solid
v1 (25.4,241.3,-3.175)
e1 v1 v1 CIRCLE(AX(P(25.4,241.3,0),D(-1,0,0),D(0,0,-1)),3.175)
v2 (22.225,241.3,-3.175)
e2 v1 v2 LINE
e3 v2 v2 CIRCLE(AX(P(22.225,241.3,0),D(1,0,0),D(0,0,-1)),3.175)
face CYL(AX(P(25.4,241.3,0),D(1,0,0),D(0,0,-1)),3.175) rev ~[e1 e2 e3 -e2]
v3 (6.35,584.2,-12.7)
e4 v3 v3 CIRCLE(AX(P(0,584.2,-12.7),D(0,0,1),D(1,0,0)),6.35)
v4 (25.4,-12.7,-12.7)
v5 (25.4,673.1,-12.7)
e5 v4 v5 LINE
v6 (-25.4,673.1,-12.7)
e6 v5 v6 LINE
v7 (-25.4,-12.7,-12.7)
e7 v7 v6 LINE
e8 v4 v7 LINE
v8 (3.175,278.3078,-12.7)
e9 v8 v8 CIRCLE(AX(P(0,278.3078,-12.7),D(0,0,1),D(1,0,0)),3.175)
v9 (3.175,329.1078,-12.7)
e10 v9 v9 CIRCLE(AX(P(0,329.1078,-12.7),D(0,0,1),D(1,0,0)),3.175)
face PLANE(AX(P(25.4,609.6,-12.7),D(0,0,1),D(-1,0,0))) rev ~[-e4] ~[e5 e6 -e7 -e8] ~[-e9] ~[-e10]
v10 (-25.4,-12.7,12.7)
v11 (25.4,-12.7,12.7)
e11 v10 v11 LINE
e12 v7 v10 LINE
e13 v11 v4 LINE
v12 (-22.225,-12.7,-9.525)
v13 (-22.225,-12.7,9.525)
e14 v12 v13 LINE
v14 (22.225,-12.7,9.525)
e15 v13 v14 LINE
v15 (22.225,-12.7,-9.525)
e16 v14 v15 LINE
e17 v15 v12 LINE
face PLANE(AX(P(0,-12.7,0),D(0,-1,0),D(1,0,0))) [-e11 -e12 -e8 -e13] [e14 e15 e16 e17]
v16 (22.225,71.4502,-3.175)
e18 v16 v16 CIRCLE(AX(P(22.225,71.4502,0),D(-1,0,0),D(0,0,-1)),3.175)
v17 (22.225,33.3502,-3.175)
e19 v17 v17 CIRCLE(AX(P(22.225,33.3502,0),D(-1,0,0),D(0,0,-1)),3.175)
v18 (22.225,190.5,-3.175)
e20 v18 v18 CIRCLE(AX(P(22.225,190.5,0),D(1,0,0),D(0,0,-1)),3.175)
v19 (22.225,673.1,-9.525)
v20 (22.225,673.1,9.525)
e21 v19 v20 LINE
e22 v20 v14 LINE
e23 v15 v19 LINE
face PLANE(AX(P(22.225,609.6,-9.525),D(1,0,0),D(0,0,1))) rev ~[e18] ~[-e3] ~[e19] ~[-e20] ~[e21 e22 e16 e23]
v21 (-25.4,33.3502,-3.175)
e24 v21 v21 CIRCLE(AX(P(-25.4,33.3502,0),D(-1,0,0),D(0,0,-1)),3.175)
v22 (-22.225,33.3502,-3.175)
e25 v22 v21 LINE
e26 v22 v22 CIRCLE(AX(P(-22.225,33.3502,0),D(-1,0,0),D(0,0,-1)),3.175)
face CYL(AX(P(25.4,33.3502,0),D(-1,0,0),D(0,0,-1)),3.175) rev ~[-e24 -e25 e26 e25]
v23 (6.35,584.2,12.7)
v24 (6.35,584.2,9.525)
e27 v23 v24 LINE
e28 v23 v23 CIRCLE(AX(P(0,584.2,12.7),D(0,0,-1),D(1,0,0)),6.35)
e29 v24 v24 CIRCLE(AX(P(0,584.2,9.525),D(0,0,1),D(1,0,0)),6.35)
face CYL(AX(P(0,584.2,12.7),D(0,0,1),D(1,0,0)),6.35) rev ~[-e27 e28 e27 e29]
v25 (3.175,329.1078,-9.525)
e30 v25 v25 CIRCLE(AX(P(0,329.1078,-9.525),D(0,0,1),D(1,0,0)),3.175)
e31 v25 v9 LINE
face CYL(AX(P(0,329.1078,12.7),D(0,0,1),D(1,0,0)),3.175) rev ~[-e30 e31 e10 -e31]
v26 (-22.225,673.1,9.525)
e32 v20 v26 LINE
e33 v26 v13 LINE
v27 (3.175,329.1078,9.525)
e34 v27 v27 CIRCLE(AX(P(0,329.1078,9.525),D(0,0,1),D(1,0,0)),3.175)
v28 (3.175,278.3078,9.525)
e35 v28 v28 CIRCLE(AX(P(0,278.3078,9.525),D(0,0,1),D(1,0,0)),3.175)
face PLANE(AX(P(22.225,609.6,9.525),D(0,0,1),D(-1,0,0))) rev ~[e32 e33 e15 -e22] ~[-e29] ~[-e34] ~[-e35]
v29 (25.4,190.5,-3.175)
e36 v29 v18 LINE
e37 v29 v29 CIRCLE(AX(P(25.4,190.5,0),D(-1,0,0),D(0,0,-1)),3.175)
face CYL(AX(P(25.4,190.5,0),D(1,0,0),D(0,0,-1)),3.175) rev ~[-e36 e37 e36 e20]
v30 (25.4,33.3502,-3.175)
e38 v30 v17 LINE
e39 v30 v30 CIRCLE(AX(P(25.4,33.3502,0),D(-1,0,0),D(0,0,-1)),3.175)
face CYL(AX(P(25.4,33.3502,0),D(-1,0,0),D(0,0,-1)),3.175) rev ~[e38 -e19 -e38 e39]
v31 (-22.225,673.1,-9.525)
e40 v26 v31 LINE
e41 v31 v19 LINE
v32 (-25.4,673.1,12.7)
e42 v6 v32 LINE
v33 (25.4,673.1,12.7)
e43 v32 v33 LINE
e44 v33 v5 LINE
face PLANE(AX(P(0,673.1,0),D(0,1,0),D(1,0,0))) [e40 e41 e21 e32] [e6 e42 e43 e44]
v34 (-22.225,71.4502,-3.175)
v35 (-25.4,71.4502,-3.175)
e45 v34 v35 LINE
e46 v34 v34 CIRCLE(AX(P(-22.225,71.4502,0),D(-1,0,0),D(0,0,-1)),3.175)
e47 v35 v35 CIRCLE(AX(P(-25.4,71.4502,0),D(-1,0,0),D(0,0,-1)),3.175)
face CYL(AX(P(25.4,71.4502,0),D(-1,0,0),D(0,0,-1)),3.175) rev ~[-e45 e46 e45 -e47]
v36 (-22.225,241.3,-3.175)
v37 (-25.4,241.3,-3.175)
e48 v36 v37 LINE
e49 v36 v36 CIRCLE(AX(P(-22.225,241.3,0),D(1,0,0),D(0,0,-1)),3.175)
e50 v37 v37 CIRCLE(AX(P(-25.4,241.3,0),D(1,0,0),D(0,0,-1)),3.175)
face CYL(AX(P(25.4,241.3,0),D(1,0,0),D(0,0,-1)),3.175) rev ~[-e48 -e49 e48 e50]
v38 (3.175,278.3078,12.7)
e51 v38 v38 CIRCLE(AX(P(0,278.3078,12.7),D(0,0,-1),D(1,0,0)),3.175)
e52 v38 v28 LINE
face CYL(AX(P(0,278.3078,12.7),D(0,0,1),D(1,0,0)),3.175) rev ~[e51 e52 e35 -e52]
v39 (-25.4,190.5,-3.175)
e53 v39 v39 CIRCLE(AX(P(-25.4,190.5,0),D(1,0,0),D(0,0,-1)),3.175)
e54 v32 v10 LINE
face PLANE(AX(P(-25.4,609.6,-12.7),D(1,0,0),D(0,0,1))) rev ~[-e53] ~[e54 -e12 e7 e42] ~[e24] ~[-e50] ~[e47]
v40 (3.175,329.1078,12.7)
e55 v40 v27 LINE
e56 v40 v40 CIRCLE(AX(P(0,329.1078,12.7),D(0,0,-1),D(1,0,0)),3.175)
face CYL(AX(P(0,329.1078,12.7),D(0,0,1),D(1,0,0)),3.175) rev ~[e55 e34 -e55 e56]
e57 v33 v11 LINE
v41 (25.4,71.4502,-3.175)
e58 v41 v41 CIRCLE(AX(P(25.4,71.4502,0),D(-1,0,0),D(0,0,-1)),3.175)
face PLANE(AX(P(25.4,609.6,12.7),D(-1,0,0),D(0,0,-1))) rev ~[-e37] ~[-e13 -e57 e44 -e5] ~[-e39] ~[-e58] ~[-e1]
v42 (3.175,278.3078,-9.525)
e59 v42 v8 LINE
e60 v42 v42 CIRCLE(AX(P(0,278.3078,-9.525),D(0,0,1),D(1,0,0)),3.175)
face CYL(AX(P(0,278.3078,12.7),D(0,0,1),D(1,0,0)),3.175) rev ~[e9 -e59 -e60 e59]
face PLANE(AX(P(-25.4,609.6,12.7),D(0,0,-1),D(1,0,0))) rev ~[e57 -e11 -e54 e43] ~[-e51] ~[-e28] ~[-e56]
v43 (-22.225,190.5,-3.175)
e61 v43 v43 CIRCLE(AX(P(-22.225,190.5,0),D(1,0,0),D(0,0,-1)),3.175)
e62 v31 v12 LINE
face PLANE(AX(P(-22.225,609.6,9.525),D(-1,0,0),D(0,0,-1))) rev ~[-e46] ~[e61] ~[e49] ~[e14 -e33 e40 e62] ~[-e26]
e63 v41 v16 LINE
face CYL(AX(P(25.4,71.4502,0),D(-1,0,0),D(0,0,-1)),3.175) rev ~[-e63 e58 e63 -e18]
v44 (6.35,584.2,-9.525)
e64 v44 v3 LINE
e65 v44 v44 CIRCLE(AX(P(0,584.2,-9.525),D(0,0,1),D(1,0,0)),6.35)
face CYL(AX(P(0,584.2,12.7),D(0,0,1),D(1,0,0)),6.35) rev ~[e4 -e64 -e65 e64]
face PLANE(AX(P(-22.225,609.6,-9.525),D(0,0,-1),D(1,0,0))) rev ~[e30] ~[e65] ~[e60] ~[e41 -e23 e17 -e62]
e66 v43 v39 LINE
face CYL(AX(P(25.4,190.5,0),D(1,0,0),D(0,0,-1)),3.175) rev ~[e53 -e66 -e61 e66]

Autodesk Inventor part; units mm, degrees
ref_plane "YZ Plane" through (0, 0, 0) normal (1, 0, 0) x (0, 1, 0)
ref_plane "XZ Plane" through (0, 0, 0) normal (0, 1, 0) x (-1, 0, 0)
ref_plane "XY Plane" through (0, 0, 0) normal (0, 0, 1) x (1, 0, 0)
sketch "Sketch1" plane through (0, 0, 0) normal (0, 1, 0) x (-1, 0, 0)
  line L0 (-25.4, -12.7) -> (25.4, -12.7)
  line L1 (25.4, -12.7) -> (25.4, 12.7)
  line L2 (25.4, 12.7) -> (-25.4, 12.7)
  line L3 (-25.4, 12.7) -> (-25.4, -12.7)
  line L4 (-25.4, -12.7) -> (25.4, 12.7) construction
  line L5 (25.4, -12.7) -> (-25.4, 12.7) construction
  line L6 (22.225, -9.525) -> (-22.225, -9.525)
  line L7 (-22.225, -9.525) -> (-22.225, 9.525)
  line L8 (-22.225, 9.525) -> (22.225, 9.525)
  line L9 (22.225, 9.525) -> (22.225, -9.525)
  line L10 (22.225, -9.525) -> (-22.225, 9.525) construction
  line L11 (-22.225, -9.525) -> (22.225, 9.525) construction
  point P0 (0, 0)
  dimension "d0" = 50.8
  dimension "d1" = 25.4
  dimension "d2" = 44.45
  dimension "d3" = 19.05
extrude "Extrusion1" add sketch "Sketch1" along normal blind 609.6
sketch "Sketch2" plane through (-25.4, 0, 12.7) normal (0, 0, 1) x (1, 0, 0)
  line L0 (0, 609.6) -> (25.4, 609.6)
  line L1 (25.4, 609.6) -> (25.4, 584.2)
  line L2 (25.4, 584.2) -> (0, 584.2)
  line L3 (0, 584.2) -> (0, 609.6)
  circle A0 centre (25.4, 584.2) radius 6.35
  point P0 (25.4, 0)
  dimension "d6" = 25.4
  dimension "d7" = 25.4
  dimension "d8" = 12.7
extrude "Extrusion2" cut sketch "Sketch2" against normal blind 609.6 contours A0 L2 L1 | L1 L2 A0
sketch "Sketch4" plane through (0, 0, 0) normal (0, -1, 0) x (1, 0, 0)
  line L0 (22.225, 9.525) -> (22.225, -9.525) projected
  line L1 (22.225, -9.525) -> (-22.225, -9.525) projected
  line L2 (-22.225, -9.525) -> (-22.225, 9.525) projected
  line L3 (-22.225, 9.525) -> (22.225, 9.525) projected
  line L4 (25.4, -12.7) -> (-25.4, -12.7) projected
  line L5 (25.4, 12.7) -> (25.4, -12.7) projected
  line L6 (-25.4, 12.7) -> (25.4, 12.7) projected
  line L7 (-25.4, -12.7) -> (-25.4, 12.7) projected
  point P0 (0, 0)
extrude "Extrusion4" add sketch "Sketch4" along normal blind 12.7
sketch "Sketch6" plane through (0, 609.6, 0) normal (0, 1, 0) x (1, 0, 0)
  line L0 (22.225, 9.525) -> (22.225, -9.525) projected
  line L1 (22.225, -9.525) -> (-22.225, -9.525) projected
  line L2 (-22.225, -9.525) -> (-22.225, 9.525) projected
  line L3 (-22.225, 9.525) -> (22.225, 9.525) projected
  line L4 (25.4, 12.7) -> (-25.4, 12.7) projected
  line L5 (-25.4, 12.7) -> (-25.4, -12.7) projected
  line L6 (-25.4, -12.7) -> (25.4, -12.7) projected
  line L7 (25.4, -12.7) -> (25.4, 12.7) projected
  point P0 (0, 0)
extrude "Extrusion6" add sketch "Sketch6" along normal blind 63.5
sketch "Sketch8" plane through (-25.4, -12.7, 12.7) normal (0, 0, 1) x (1, 0, 0)
  line L0 (50.8, 0) -> (50.8, 685.8) projected
  line L1 (0, 685.8) -> (50.8, 685.8) projected
  line L2 (25.4, 685.8) -> (25.4, 341.8078)
  line L3 (25.4, 685.8) -> (369.3922, 685.8) construction
  line L4 (25.4, 341.8078) -> (25.4, 291.0078)
  circle A0 centre (25.4, 291.0078) radius 3.175
  circle A1 centre (25.4, 341.8078) radius 3.175
  point P0 (25.4, 12.7)
  dimension "d49" = 343.9922
  dimension "d50" = 90
  dimension "d51" = 50.8
  dimension "d52" = 180
  dimension "d53" = 6.35
  dimension "d54" = 6.35
extrude "Extrusion9" cut sketch "Sketch8" against normal blind 50.8
sketch "Sketch9" plane through (25.4, -12.7, 12.7) normal (1, 0, 0) x (0, 0, -1)
  line L0 (25.4, 0) -> (0, 0) projected
  line L1 (12.7, 0) -> (12.7, 84.1502)
  line L2 (12.7, 84.1502) -> (12.7, 46.0502)
  line L3 (12.7, 84.1502) -> (50.8, 84.1502) construction
  point P0 (12.7, 12.7)
  dimension "d57" = 84.1502
  dimension "d58" = 38.1
  dimension "d59" = 90
hole "Hole1" at (25.4, 71.4502, 0) at (25.4, 33.3502, 0) direction (-1, 0, 0) diameter 6.35 end through all
sketch "Sketch10" plane through (-25.4, -12.7, 12.7) normal (0, 0, 1) x (1, 0, 0)
  circle A0 centre (25.4, 341.8078) radius 3.175 projected
  circle A1 centre (25.4, 596.9) radius 6.35 projected
  line L0 (50.8, 0) -> (50.8, 685.8) projected
  line L1 (0, 0) -> (0, 685.8) projected
  line L2 (50.8, 0) -> (0, 0) projected
  line L3 (25.4, 341.8078) -> (25.4, 354.5078)
  line L4 (25.4, 341.8078) -> (38.1, 341.8078) construction
  line L5 (25.4, 354.5078) -> (50.8, 354.5078)
  line L6 (25.4, 354.5078) -> (0, 354.5078)
  line L7 (25.4, 596.9) -> (25.4, 501.65)
  line L8 (25.4, 501.65) -> (50.8, 501.65)
  line L9 (50.8, 501.65) -> (0, 501.65)
  line L10 (50.8, 501.65) -> (0, 501.65)
  line L11 (0, 501.65) -> (0, 354.5078)
  line L12 (0, 354.5078) -> (50.8, 354.5078)
  line L13 (50.8, 354.5078) -> (50.8, 501.65)
  line L14 (50.8, 501.65) -> (44.45, 501.65)
  line L15 (50.8, 495.3) -> (50.8, 501.65)
  line L16 (28.575, 545.0078) -> (28.575, 506.9078)
  line L17 (28.575, 506.9078) -> (22.225, 506.9078)
  line L18 (22.225, 545.0078) -> (15.875, 534.0093)
  line L19 (44.45, 488.95) -> (57.15, 488.95) construction
  line L20 (15.875, 534.0093) -> (22.225, 534.0093)
  line L21 (44.45, 476.25) -> (38.1, 476.25)
  line L22 (38.1, 494.2078) -> (38.1, 500.5578)
  line L23 (12.7, 500.5578) -> (12.7, 478.3328)
  line L24 (22.225, 476.25) -> (22.225, 469.9)
  line L25 (44.45, 469.9) -> (44.45, 476.25)
  line L26 (12.7, 476.25) -> (6.35, 476.25)
  line L27 (22.225, 476.25) -> (22.225, 469.9)
  line L28 (12.7, 462.4578) -> (12.7, 468.8078)
  line L29 (6.35, 469.9) -> (6.35, 476.25)
  line L30 (22.225, 476.25) -> (28.575, 476.25)
  line L31 (28.575, 456.1078) -> (22.225, 456.1078)
  arc A2 (38.1, 473.5703) -> (26.9875, 484.6828) centre (26.8738, 473.4566) ccw
  line L32 (17.4625, 450.85) -> (33.1779, 450.85) construction
  arc A3 (26.9875, 462.4578) -> (38.1, 473.5703) centre (26.8738, 473.684) ccw
  arc A4 (26.9875, 468.8078) -> (26.9875, 478.3328) centre (26.9875, 473.5703) ccw
  line L33 (6.35, 476.25) -> (12.7, 476.25)
  line L34 (28.575, 456.1078) -> (28.575, 418.0078)
  line L35 (28.575, 418.0078) -> (22.225, 418.0078)
  line L36 (22.225, 456.1078) -> (15.875, 445.1093)
  line L37 (44.45, 438.15) -> (57.15, 438.15) construction
  line L38 (15.875, 445.1093) -> (22.225, 445.1093)
  line L39 (44.45, 431.8) -> (6.35, 431.8)
  line L40 (44.45, 392.6078) -> (31.75, 405.3078) construction
  line L41 (44.45, 412.75) -> (62.4105, 412.75) construction
  line L42 (44.45, 392.6078) -> (31.75, 379.9078) construction
  line L43 (44.45, 412.75) -> (62.4105, 412.75) construction
  line L44 (-3.7211, 402.6789) -> (19.05, 379.9078) construction
  line L45 (-3.7211, 402.6789) -> (28.4821, 402.6789) construction
  line L46 (-3.7211, 402.6789) -> (8.9789, 415.3789) construction
  line L47 (-3.7211, 402.6789) -> (14.2394, 402.6789) construction
  line L48 (25.4, 405.3078) -> (31.75, 405.3078) construction
  line L49 (19.05, 386.2578) -> (19.05, 398.9578)
  line L50 (31.75, 398.9578) -> (31.75, 386.2578)
  line L51 (19.05, 398.9578) -> (31.75, 386.2578) construction
  line L52 (31.75, 398.9578) -> (19.05, 386.2578) construction
  line L53 (12.7, 392.6078) -> (-3.7211, 402.6789)
  line L54 (24.6062, 373.508) -> (24.6062, 379.9576)
  line L55 (26.1937, 379.9576) -> (26.1937, 373.508)
  line L56 (-1.7923, 402.0764) -> (12.7498, 391.8141) construction
  line L57 (12.7498, 393.4016) -> (0.1062, 399.8942) construction
  line L58 (24.6062, 411.7076) -> (24.6062, 405.258)
  line L59 (26.1937, 405.258) -> (26.1937, 411.7076)
  line L60 (44.4998, 393.4016) -> (38.0502, 391.8141) construction
  line L61 (38.0502, 393.4016) -> (44.4998, 391.8141) construction
  line L62 (22.225, 545.0078) -> (28.575, 545.0078)
  line L63 (12.7, 527.05) -> (12.7, 488.95)
  line L64 (12.7, 488.95) -> (6.35, 488.95)
  line L65 (22.225, 506.9078) -> (22.225, 534.0093)
  line L66 (6.35, 516.0515) -> (0, 516.0515)
  line L67 (0, 516.0515) -> (6.35, 527.05)
  line L68 (44.45, 450.85) -> (38.1, 450.85)
  line L69 (38.1, 494.2078) -> (19.05, 494.2078)
  line L70 (19.05, 494.2078) -> (19.05, 484.6828)
  line L71 (19.05, 484.6828) -> (26.9875, 484.6828)
  line L72 (26.9875, 468.8078) -> (12.7, 468.8078)
  line L73 (12.7, 476.25) -> (6.35, 476.25)
  line L74 (12.7, 462.4578) -> (26.9875, 462.4578)
  line L75 (26.9875, 478.3328) -> (12.7, 478.3328)
  line L76 (22.225, 476.25) -> (44.45, 476.25)
  line L77 (12.7, 500.5578) -> (38.1, 500.5578)
  line L78 (44.45, 438.15) -> (33.4515, 444.5)
  line L79 (33.4515, 444.5) -> (33.4515, 438.15)
  line L80 (22.225, 445.1093) -> (22.225, 418.0078)
  line L81 (6.35, 438.15) -> (6.35, 431.8)
  line L82 (6.35, 431.8) -> (44.45, 431.8)
  line L83 (44.45, 431.8) -> (44.45, 438.15)
  line L84 (12.7, 398.9578) -> (12.7, 386.2578)
  line L85 (38.1, 386.2578) -> (38.1, 398.9578)
  line L86 (31.75, 386.2578) -> (19.05, 386.2578)
  line L87 (19.05, 398.9578) -> (31.75, 398.9578)
  arc A5 (24.6062, 405.258) -> (19.05, 398.9578) centre (25.4, 398.9578) ccw
  arc A6 (31.75, 398.9578) -> (26.1937, 405.258) centre (25.4, 398.9578) ccw
  arc A7 (19.05, 386.2578) -> (24.6062, 379.9576) centre (25.4, 386.2578) ccw
  arc A8 (26.1937, 379.9576) -> (31.75, 386.2578) centre (25.4, 386.2578) ccw
  arc A9 (24.6062, 411.7076) -> (12.7, 398.9578) centre (25.3998, 399.0324) ccw
  arc A10 (38.1, 398.9578) -> (26.1937, 411.7076) centre (25.4002, 399.0324) ccw
  arc A11 (12.7, 386.2578) -> (24.6062, 373.508) centre (25.3998, 386.1832) ccw
  arc A12 (26.1937, 373.508) -> (38.1, 386.2578) centre (25.4002, 386.1832) ccw
  line L88 (0, 685.8) -> (50.8, 685.8) projected
  line L89 (25.4, 354.5078) -> (25.4, 372.4656)
  line L90 (25.4, 354.5078) -> (25.4, 418.0078)
  line L91 (25.4, 418.0078) -> (22.225, 418.0078)
  line L92 (25.4, 354.5078) -> (25.4, 462.4578)
  line L93 (25.4, 462.4578) -> (25.4, 500.5578)
  line L94 (25.4, 500.5578) -> (25.4, 506.9078)
  line L95 (25.4, 506.9078) -> (22.225, 506.9078)
  point P0 (25.4, 12.7)
  point P1 (25.4, 392.6078)
  point P2 (4.4894, 397.6434)
  point P3 (41.275, 392.6078)
  point P4 (19.05, 514.35)
  dimension "d67" = 12.7
  dimension "d68" = 90
  dimension "d69" = 95.25
  dimension "d75" = 6.35
  dimension "d76" = 240
  dimension "d95" = 38.1
  dimension "d96" = 6.35
  dimension "d97" = 12.7
  dimension "d98" = 240
  dimension "d103" = 135
  dimension "d105" = 135
  dimension "d107" = 45
  dimension "d109" = 45
  dimension "d114" = 12.7
  dimension "d115" = 12.7
  dimension "d118" = 1.5875
  dimension "d119" = 6.35
  dimension "d120" = 6.35
  dimension "d121" = 6.35
  dimension "d122" = 6.35
  dimension "d123" = 12.7
  dimension "d124" = 12.7
  dimension "d125" = 12.7
  dimension "d126" = 12.7
  dimension "d128" = 6.35
  dimension "d140" = 38.1
  dimension "d141" = 17.9578
  dimension "d142" = 6.35
  dimension "d143" = 63.5
  dimension "d144" = 3.175
  dimension "d145" = 6.3002
  dimension "d146" = 107.95
  dimension "d147" = 25.4
  dimension "d148" = 14.2875
  dimension "d149" = 24.3078
  dimension "d150" = 38.1
  dimension "d151" = 6.35
  dimension "d152" = 3.175
extrude "Extrusion10" [suppressed]
sketch "Sketch11" plane through (25.4, -12.7, 12.7) normal (1, 0, 0) x (0, 0, -1)
  line L0 (0, 685.8) -> (25.4, 685.8) projected
  line L1 (0, 0) -> (0, 685.8) projected
  line L2 (12.7, 685.8) -> (12.7, 254)
  line L3 (12.7, 685.8) -> (444.5, 685.8) construction
  line L4 (12.7, 254) -> (12.7, 203.2)
  circle A0 centre (12.7, 254) radius 3.175
  circle A1 centre (12.7, 203.2) radius 3.175
  point P0 (12.7, 12.7)
  dimension "d132" = 431.8
  dimension "d133" = 90
  dimension "d134" = 50.8
  dimension "d135" = 180
  dimension "d136" = 6.35
  dimension "d137" = 6.35
extrude "Extrusion11" cut sketch "Sketch11" against normal blind 50.8
properties part number "SuperSuperStructure"
